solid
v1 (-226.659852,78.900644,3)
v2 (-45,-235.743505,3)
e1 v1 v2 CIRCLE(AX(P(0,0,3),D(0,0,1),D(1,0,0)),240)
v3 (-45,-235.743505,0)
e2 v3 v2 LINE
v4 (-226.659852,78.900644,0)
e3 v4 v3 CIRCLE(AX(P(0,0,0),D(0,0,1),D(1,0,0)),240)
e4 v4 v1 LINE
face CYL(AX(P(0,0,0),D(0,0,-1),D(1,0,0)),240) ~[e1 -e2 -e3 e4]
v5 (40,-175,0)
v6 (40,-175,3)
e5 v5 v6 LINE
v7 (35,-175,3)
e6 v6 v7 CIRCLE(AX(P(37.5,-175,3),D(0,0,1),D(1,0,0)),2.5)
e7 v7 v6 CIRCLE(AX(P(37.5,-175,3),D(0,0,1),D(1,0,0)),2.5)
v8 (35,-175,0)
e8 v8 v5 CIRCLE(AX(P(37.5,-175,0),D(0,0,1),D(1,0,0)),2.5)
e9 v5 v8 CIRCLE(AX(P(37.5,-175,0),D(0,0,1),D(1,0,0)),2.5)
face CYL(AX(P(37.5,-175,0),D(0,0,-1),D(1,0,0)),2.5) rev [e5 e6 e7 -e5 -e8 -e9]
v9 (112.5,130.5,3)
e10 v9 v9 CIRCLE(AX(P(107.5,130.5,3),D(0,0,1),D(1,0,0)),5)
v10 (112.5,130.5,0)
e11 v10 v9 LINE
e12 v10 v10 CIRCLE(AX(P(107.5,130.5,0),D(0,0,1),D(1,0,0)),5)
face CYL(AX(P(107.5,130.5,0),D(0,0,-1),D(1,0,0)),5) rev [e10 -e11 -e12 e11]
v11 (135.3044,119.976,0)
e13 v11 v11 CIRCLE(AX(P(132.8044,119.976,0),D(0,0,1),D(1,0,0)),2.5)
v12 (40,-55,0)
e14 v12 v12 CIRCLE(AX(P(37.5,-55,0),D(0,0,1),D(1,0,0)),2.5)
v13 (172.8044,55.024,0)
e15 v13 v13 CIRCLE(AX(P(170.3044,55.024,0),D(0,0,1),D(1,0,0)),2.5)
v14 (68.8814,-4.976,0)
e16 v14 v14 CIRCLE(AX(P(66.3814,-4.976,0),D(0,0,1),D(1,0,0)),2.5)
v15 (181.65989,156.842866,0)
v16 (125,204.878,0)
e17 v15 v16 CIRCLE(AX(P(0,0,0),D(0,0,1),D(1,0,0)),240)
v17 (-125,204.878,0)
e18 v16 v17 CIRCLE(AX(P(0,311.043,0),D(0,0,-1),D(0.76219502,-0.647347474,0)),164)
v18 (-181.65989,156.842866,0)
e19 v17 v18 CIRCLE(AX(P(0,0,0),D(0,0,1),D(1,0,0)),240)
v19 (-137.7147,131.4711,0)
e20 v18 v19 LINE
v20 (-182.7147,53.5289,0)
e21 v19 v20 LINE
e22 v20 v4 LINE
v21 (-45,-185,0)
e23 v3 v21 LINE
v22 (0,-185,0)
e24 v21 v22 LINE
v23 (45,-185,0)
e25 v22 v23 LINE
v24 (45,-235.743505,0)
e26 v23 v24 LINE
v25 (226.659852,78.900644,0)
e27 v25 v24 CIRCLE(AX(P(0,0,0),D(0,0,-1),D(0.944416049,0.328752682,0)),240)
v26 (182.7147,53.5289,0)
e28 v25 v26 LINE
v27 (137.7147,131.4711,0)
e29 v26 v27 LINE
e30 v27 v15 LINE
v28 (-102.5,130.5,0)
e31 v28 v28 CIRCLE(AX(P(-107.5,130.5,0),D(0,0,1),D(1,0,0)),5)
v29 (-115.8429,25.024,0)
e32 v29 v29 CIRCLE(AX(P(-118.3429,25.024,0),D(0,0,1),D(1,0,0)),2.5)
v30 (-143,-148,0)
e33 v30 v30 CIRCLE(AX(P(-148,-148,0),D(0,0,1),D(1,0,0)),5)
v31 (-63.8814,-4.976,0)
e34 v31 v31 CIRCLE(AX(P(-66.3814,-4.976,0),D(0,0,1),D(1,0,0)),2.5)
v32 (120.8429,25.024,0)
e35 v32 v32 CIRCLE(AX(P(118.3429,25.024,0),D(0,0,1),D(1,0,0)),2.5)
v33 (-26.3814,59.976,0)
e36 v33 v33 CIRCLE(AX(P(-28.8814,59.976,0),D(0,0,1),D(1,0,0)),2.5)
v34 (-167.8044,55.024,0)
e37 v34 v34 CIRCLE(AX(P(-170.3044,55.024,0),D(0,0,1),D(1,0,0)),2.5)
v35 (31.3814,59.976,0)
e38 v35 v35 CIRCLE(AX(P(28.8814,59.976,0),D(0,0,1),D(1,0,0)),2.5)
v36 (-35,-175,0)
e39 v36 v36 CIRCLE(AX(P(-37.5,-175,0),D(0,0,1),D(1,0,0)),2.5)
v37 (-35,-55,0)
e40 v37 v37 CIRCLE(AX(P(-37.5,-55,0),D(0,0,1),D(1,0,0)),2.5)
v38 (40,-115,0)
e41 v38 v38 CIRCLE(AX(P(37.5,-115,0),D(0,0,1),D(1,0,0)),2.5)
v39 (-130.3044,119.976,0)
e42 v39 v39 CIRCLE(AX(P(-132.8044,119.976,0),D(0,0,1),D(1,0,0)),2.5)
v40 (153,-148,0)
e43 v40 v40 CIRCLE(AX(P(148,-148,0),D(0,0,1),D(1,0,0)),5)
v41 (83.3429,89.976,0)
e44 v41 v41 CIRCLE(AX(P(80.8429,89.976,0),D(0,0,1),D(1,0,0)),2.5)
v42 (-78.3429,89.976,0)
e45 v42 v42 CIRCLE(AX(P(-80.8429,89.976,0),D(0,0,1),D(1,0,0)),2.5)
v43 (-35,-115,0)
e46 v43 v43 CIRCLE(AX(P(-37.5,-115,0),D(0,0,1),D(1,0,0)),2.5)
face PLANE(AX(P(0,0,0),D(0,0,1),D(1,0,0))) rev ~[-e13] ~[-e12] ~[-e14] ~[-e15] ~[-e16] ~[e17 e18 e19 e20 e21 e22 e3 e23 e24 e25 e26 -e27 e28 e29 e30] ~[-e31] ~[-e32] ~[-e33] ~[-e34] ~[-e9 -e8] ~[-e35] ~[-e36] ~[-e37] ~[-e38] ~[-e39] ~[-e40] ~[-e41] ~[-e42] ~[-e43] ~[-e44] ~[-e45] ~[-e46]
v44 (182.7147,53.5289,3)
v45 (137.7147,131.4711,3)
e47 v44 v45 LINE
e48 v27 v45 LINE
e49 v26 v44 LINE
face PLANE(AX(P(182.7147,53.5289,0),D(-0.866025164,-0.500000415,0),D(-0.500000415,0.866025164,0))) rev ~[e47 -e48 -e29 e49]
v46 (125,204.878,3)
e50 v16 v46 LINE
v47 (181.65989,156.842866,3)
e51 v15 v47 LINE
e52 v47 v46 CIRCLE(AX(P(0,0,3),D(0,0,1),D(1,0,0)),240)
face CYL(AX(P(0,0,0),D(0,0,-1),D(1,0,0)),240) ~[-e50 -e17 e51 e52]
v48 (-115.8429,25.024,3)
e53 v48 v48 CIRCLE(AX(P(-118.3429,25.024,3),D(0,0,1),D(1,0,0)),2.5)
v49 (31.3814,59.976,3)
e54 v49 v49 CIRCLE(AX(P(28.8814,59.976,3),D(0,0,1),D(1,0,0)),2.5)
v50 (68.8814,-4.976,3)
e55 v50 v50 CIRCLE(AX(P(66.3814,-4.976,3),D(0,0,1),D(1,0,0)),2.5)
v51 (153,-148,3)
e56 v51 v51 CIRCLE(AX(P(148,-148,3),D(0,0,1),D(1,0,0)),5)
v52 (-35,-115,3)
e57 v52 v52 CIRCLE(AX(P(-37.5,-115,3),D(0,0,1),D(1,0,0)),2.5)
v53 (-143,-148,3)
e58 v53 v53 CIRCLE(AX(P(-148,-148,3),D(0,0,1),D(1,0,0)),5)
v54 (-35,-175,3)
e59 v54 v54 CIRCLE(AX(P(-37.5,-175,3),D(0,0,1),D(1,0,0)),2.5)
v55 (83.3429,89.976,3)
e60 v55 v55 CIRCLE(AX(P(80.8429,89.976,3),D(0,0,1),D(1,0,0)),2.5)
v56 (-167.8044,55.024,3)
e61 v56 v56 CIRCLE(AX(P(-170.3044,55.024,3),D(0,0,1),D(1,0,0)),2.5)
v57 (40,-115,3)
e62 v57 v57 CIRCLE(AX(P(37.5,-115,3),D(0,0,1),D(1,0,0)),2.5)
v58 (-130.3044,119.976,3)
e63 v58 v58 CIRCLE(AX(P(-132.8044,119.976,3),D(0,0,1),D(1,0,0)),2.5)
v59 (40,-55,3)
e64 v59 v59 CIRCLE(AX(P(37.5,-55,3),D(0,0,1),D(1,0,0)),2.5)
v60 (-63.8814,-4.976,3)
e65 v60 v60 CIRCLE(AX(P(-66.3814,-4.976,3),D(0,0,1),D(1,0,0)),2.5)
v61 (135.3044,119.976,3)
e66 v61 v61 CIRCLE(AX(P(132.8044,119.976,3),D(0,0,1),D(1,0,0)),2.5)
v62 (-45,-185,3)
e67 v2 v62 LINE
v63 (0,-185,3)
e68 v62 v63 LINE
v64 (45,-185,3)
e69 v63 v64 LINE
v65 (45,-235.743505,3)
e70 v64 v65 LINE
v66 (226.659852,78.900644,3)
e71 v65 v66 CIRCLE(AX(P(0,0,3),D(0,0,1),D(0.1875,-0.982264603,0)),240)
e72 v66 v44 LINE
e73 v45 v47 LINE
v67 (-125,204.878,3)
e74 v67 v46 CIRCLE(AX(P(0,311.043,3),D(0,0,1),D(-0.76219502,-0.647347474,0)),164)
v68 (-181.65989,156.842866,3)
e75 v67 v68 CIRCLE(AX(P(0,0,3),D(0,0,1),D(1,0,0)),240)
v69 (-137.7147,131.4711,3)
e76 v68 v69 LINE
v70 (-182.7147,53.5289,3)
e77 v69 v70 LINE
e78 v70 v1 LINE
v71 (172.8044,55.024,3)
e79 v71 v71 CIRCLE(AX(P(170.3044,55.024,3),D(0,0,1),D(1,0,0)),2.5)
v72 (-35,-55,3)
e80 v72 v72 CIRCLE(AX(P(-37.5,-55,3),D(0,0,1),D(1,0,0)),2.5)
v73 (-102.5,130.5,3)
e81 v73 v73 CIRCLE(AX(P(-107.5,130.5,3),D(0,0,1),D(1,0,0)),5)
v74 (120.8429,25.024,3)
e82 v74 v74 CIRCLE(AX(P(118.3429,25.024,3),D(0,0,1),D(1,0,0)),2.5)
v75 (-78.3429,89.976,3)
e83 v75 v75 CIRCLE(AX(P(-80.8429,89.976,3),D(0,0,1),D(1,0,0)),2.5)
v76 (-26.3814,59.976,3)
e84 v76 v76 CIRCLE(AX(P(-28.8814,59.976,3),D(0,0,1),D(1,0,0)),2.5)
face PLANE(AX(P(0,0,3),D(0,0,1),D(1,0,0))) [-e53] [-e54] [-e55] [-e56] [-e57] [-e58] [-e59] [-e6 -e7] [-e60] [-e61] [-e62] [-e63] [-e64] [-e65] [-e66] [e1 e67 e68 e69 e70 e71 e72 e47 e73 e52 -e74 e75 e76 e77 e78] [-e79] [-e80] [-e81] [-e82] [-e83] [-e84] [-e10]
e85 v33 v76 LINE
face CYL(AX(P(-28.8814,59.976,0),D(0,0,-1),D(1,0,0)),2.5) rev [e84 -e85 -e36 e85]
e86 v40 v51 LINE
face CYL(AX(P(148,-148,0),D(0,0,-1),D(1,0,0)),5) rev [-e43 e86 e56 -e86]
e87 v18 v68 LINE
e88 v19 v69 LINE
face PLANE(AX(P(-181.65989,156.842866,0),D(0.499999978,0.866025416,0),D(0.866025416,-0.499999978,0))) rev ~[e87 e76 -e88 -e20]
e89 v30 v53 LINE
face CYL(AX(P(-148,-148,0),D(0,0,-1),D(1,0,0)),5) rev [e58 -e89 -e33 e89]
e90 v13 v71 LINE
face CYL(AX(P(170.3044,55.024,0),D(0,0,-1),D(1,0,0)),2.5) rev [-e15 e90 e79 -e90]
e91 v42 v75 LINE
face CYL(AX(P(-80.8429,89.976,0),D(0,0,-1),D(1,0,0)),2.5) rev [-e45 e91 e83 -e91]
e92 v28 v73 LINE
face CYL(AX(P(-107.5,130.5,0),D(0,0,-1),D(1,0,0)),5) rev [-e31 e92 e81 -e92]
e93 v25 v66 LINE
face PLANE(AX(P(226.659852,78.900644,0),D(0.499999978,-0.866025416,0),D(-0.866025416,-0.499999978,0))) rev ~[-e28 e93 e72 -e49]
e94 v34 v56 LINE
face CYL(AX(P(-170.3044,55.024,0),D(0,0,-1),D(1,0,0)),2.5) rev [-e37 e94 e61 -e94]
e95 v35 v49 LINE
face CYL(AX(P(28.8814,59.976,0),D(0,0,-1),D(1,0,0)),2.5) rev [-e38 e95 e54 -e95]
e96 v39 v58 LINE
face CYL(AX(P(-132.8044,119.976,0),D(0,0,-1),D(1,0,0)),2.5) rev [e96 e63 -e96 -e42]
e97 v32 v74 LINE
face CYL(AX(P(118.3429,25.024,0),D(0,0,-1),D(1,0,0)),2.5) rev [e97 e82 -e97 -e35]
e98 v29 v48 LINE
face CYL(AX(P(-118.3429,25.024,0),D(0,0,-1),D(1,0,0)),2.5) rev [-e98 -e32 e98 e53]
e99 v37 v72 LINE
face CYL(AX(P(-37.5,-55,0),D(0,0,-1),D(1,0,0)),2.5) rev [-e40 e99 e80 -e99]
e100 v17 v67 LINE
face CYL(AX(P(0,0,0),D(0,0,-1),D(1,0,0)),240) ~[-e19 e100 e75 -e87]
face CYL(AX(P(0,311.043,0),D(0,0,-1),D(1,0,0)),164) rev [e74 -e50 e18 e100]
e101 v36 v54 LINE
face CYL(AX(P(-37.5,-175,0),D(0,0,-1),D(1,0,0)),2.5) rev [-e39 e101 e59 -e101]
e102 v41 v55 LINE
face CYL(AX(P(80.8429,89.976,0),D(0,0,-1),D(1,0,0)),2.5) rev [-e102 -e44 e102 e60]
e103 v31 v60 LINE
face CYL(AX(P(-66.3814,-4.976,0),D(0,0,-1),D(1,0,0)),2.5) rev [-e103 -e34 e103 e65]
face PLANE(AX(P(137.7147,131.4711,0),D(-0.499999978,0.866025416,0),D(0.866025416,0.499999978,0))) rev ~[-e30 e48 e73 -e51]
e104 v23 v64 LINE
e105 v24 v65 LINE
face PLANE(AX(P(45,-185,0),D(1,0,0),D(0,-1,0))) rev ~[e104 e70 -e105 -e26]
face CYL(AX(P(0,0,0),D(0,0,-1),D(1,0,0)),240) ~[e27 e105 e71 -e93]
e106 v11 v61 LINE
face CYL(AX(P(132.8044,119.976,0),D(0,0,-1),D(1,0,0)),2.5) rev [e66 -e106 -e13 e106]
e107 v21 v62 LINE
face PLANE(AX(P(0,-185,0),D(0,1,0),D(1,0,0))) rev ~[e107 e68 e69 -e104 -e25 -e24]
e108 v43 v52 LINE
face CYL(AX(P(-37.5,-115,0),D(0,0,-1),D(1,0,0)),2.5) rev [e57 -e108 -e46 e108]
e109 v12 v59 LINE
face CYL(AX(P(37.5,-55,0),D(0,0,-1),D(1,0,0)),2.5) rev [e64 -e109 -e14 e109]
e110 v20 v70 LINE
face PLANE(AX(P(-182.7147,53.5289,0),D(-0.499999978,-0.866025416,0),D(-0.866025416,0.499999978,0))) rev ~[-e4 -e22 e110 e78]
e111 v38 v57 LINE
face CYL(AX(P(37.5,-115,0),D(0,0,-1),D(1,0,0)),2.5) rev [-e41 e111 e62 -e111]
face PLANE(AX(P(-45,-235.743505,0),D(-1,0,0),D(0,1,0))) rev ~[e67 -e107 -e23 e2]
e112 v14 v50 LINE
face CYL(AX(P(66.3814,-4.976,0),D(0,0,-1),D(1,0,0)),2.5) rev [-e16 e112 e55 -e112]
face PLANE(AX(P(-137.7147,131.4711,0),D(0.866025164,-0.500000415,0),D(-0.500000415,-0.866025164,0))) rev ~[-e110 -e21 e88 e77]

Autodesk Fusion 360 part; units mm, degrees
sketch "Esboço1" plane through (0, 0, 0) normal (0, 0, 1) x (1, 0, 0)
  circle A0 centre (0, 0) radius 240
  circle A1 centre (148, -148) radius 5
  line L0 (-125, 204.878) -> (125, 204.878)
  circle A2 centre (0, 311.043) radius 164
  circle A3 centre (107.5, 130.5) radius 5
  line L1 (-40, 115) -> (40, 115)
  line L2 (-40, 115) -> (-40, 151.9958)
  line L3 (40, 115) -> (40, 151.9958)
  line L4 (0, 1.75) -> (0, 22.5)
  circle A4 centre (-148, -148) radius 5
  circle A5 centre (-107.5, 130.5) radius 5
  line L5 (-45, -185) -> (45, -185)
  line L6 (45, -185) -> (45, -240)
  line L7 (45, -240) -> (-45, -240)
  line L8 (-45, -240) -> (-45, -185)
  line L9 (0, -185) -> (0, -175)
  line L10 (-37.5, -175) -> (37.5, -175)
  circle A6 centre (-37.5, -175) radius 2.5
  circle A7 centre (37.5, -175) radius 2.5
  circle A8 centre (37.5, -115) radius 2.5
  circle A9 centre (37.5, -55) radius 2.5
  circle A10 centre (-37.5, -115) radius 2.5
  circle A11 centre (-37.5, -55) radius 2.5
  circle A12 centre (132.8044, 119.976) radius 2.5
  line L11 (230.3461, 81.0289) -> (182.7147, 53.5289)
  line L12 (182.7147, 53.5289) -> (137.7147, 131.4711)
  line L13 (137.7147, 131.4711) -> (185.3461, 158.9711)
  circle A13 centre (80.8429, 89.976) radius 2.5
  circle A14 centre (170.3044, 55.024) radius 2.5
  circle A15 centre (118.3429, 25.024) radius 2.5
  circle A16 centre (66.3814, -4.976) radius 2.5
  circle A17 centre (28.8814, 59.976) radius 2.5
  circle A18 centre (-170.3044, 55.024) radius 2.5
  line L14 (-185.3461, 158.9711) -> (-137.7147, 131.4711)
  line L15 (-137.7147, 131.4711) -> (-182.7147, 53.5289)
  line L16 (-182.7147, 53.5289) -> (-230.3461, 81.0289)
  circle A19 centre (-118.3429, 25.024) radius 2.5
  circle A20 centre (-132.8044, 119.976) radius 2.5
  circle A21 centre (-80.8429, 89.976) radius 2.5
  circle A22 centre (-28.8814, 59.976) radius 2.5
  circle A23 centre (-66.3814, -4.976) radius 2.5
  point P0 (0, 115)
  point P1 (0, -240)
  point P2 (-45, -235.7435)
  dimension "d1" = 480
  dimension "d13" = 10
  dimension "d14" = 148
  dimension "d15" = 148
  dimension "d16" = 250
  dimension "d17" = 328
  dimension "d18" = 10
  dimension "d19" = 130.5
  dimension "d20" = 107.5
  dimension "d21" = 115
  dimension "d22" = 80
  dimension "d25" = 90
  dimension "d26" = 55
  dimension "d27" = 10
  dimension "d28" = 75
  dimension "d29" = 5
  dimension "d30" = 5
  dimension "d33" = 1
  dimension "d34" = 60
  dimension "d36" = 360
extrude "Extrusão1" add sketch "Esboço1" along normal blind 3 contours A0 A2 L1 L2 L3 L5 L6 L8 L11 L12 L13 L14 L15 L16 | A2 L1 L2 L3
equation "d17 = ( 164 * 2 ) * 1 mm"
